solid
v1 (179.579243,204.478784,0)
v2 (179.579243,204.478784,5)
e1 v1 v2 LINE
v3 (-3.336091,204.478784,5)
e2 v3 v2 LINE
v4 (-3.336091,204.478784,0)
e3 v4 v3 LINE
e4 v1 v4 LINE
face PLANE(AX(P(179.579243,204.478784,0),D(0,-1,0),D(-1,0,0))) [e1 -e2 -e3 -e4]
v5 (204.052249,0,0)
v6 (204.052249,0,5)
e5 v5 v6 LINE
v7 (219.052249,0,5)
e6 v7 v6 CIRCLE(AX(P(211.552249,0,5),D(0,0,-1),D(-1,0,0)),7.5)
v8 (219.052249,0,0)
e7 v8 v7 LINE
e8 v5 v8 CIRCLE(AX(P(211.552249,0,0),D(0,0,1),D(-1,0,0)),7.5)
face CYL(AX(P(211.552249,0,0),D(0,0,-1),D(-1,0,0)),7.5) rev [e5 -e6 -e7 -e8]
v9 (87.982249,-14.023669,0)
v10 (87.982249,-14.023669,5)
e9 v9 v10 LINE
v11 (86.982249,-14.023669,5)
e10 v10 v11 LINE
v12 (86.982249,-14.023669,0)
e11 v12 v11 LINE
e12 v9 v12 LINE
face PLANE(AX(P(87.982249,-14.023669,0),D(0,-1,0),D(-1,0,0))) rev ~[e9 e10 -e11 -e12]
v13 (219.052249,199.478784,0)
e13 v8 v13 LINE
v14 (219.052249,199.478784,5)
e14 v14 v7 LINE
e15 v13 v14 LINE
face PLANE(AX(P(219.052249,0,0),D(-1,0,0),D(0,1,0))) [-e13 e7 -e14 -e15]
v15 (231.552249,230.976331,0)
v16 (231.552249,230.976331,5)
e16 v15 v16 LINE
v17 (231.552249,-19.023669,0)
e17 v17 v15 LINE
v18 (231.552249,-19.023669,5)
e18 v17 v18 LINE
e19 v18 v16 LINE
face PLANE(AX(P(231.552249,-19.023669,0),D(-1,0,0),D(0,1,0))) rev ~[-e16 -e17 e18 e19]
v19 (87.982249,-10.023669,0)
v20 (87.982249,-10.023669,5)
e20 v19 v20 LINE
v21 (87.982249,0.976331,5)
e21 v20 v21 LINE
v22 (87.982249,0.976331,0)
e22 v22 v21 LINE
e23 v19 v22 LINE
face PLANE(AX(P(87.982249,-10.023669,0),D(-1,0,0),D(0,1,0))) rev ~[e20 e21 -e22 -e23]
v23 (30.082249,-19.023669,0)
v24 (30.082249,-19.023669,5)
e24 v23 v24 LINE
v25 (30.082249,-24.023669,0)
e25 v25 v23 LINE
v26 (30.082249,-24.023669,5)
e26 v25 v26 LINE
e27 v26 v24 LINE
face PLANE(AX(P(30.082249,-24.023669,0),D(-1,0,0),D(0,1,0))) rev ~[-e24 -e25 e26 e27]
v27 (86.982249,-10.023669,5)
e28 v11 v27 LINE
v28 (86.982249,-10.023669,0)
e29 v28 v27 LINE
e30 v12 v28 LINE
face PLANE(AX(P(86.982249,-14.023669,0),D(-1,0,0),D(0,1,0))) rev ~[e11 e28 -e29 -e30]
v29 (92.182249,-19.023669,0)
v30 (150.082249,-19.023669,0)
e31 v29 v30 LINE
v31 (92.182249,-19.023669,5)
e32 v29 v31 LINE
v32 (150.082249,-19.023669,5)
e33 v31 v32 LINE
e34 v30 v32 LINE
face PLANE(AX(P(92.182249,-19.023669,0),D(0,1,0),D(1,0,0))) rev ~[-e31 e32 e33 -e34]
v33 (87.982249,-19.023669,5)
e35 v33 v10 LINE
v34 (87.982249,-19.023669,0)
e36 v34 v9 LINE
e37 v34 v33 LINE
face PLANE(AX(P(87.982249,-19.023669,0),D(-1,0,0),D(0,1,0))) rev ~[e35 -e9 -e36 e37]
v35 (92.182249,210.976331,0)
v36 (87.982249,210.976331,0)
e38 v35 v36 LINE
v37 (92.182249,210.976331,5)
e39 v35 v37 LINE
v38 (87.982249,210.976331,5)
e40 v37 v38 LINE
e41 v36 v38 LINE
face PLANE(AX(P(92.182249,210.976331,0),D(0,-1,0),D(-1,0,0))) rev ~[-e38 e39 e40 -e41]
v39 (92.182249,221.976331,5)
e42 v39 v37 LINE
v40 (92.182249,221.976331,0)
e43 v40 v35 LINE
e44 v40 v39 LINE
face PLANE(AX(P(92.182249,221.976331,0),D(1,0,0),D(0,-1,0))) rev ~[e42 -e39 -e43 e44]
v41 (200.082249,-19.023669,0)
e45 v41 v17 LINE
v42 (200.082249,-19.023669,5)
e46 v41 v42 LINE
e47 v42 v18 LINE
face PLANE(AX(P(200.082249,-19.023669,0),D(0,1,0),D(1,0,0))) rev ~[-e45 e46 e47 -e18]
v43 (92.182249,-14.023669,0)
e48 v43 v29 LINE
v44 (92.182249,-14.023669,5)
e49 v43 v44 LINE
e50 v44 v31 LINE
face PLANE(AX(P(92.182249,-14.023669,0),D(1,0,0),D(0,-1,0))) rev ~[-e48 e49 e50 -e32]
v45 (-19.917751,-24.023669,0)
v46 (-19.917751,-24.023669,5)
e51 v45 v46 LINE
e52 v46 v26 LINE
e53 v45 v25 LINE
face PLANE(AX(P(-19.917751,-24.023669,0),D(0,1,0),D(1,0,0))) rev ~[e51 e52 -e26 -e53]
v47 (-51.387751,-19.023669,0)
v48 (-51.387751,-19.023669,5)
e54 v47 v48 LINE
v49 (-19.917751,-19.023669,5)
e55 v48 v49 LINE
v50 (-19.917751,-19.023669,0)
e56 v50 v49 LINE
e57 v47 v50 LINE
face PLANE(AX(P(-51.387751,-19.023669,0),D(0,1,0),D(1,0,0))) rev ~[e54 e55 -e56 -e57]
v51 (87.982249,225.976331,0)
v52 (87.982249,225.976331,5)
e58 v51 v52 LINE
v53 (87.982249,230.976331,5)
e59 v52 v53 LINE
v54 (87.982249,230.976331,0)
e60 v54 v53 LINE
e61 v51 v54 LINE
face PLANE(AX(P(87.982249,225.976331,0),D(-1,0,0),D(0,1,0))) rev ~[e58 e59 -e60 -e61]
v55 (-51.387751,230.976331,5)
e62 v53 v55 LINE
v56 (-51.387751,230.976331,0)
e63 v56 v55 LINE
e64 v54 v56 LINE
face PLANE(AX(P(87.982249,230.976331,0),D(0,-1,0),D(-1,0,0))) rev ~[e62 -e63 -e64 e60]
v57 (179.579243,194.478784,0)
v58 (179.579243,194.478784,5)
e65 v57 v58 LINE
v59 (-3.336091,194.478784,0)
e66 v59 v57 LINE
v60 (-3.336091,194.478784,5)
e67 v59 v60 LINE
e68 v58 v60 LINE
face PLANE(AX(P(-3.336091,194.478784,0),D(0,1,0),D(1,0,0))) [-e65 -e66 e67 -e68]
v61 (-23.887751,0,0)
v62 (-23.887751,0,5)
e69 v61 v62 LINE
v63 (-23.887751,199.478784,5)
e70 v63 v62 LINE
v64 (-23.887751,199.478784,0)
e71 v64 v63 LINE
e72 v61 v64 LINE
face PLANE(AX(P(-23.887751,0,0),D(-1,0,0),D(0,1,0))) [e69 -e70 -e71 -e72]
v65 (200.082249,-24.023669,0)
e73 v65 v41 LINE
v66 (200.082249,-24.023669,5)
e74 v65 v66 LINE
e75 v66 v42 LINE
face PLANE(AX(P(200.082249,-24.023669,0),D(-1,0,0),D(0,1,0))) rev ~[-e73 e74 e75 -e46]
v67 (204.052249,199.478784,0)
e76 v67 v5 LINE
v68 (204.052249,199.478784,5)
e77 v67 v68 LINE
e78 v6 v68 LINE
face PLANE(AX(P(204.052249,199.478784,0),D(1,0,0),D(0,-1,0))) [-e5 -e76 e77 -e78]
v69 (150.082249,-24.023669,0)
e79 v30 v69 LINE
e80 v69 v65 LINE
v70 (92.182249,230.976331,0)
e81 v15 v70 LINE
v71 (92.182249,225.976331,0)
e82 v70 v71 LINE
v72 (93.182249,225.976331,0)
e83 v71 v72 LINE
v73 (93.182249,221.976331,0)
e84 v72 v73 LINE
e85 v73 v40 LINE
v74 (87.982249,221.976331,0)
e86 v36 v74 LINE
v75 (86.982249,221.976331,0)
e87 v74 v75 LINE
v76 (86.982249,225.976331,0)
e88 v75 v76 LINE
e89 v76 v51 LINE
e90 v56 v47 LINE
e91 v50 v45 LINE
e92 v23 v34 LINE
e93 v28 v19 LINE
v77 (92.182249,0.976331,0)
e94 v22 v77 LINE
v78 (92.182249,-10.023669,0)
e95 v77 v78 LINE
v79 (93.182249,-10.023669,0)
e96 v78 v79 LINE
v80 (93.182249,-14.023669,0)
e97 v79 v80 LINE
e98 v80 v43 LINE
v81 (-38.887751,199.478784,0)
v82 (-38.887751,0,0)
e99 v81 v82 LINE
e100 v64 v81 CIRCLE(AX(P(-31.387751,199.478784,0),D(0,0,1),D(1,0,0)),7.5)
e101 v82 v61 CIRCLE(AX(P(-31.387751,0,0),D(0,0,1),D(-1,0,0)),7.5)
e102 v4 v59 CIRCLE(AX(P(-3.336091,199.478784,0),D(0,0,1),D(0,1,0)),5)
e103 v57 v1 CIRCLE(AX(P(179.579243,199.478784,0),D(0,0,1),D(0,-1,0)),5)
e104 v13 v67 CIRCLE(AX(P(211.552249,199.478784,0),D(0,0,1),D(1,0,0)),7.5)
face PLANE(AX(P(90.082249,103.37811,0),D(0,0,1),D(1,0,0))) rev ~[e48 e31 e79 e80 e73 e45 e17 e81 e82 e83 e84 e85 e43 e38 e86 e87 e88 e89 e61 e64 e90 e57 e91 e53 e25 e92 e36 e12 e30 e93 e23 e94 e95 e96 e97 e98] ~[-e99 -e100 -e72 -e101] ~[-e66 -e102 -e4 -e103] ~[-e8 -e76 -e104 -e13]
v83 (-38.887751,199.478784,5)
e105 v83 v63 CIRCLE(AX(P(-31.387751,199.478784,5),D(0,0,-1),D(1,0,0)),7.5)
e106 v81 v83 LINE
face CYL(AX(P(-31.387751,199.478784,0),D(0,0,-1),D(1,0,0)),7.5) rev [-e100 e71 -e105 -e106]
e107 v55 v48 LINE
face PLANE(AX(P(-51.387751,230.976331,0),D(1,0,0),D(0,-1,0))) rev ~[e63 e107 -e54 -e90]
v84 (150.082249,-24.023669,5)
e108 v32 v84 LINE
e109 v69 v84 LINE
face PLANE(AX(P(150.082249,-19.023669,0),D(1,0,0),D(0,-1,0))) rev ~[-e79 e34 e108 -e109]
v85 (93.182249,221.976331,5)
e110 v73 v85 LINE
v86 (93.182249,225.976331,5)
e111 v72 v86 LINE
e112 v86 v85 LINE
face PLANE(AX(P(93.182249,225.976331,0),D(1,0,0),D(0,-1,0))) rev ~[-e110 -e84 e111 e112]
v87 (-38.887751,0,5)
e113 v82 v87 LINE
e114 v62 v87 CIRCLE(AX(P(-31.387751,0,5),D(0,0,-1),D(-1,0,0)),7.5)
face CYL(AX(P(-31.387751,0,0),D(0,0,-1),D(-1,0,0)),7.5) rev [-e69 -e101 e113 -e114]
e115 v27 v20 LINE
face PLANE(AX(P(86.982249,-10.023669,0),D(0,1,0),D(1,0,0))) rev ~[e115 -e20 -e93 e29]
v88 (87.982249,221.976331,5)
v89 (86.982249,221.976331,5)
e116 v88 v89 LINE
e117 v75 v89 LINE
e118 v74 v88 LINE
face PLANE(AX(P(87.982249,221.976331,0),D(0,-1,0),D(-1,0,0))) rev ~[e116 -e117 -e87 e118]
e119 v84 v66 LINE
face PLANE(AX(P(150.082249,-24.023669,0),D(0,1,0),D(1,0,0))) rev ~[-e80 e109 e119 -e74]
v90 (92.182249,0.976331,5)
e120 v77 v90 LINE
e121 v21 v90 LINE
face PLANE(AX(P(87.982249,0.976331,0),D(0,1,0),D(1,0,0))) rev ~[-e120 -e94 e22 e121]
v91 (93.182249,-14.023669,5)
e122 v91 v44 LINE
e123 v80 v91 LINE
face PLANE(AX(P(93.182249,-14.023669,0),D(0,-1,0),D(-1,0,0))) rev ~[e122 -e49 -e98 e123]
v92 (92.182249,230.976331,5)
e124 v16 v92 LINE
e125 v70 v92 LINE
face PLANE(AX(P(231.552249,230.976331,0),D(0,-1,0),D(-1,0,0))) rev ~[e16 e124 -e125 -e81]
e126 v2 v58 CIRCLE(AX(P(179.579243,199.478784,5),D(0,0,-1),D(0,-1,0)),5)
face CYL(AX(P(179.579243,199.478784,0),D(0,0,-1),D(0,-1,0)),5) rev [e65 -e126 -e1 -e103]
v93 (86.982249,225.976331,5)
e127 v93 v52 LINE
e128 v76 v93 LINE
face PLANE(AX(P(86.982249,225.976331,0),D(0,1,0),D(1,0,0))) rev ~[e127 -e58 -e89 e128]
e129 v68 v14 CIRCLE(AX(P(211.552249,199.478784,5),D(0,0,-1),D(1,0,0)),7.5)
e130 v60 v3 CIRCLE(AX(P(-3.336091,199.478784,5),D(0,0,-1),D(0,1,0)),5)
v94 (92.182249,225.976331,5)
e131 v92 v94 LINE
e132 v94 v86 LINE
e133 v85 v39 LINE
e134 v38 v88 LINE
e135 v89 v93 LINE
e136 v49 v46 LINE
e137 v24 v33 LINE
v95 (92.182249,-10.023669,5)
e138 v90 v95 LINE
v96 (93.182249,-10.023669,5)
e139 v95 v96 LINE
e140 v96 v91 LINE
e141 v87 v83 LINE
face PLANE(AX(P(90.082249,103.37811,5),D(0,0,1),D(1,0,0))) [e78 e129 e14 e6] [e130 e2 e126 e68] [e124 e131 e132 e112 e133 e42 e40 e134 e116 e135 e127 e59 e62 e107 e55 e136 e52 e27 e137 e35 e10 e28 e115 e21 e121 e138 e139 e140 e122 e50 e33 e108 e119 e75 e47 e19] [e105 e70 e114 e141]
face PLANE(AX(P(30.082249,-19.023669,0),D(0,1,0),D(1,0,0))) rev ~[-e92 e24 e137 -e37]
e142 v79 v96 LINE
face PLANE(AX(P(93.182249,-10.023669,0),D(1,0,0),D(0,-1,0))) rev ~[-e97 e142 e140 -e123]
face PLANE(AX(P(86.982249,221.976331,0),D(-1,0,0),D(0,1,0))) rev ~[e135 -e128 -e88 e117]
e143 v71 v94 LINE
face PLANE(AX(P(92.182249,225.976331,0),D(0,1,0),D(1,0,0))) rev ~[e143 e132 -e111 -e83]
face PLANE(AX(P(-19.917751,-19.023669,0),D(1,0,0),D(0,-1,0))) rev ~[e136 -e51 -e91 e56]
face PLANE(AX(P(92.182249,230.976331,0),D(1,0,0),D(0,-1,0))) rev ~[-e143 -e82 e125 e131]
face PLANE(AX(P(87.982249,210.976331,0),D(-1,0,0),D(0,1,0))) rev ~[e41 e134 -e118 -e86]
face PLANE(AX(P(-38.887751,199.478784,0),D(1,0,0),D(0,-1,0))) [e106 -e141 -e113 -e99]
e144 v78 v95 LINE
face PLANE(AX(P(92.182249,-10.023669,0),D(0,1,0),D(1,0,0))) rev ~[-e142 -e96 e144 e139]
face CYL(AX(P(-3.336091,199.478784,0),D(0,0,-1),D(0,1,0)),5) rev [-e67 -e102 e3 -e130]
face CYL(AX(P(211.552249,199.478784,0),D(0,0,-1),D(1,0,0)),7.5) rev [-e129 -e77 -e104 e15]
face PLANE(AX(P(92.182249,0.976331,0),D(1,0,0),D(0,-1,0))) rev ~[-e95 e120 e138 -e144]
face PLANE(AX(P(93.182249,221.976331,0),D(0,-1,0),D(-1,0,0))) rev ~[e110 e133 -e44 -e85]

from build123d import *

# Parameters (mm, degrees)
BOSS_EXTRU_1_DEPTH      = 5
ENL_V_MAT_EXTRU_1_DEPTH = 328.095566225


with BuildPart() as part:
    # Esquisse1 → Boss.-Extru.1 (new body)
    with BuildSketch(Plane.XY):
        Polygon((-51.387751479, -19.023668639), (-19.917751479, -19.023668639), (-19.917751479, -24.023668639), (30.082248521, -24.023668639), (30.082248521, -19.023668639), (87.982248521, -19.023668639), (87.982248521, -14.023668639), (86.982248521, -14.023668639), (86.982248521, -10.023668639), (87.982248521, -10.023668639), (87.982248521, 0.976331361), (92.182248521, 0.976331361), (92.182248521, -10.023668639), (93.182248521, -10.023668639), (93.182248521, -14.023668639), (92.182248521, -14.023668639), (92.182248521, -19.023668639), (150.082248521, -19.023668639), (150.082248521, -24.023668639), (200.082248521, -24.023668639), (200.082248521, -19.023668639), (231.552248521, -19.023668639), (231.552248521, 230.976331361), (200.082248521, 230.976331361), (150.082248521, 230.976331361), (92.182248521, 230.976331361), (92.182248521, 225.976331361), (93.182248521, 225.976331361), (93.182248521, 221.976331361), (92.182248521, 221.976331361), (92.182248521, 210.976331361), (87.982248521, 210.976331361), (87.982248521, 221.976331361), (86.982248521, 221.976331361), (86.982248521, 225.976331361), (87.982248521, 225.976331361), (87.982248521, 230.976331361), (30.082248521, 230.976331361), (-19.917751479, 230.976331361), (-51.387751479, 230.976331361), align=None)
    extrude(amount=BOSS_EXTRU_1_DEPTH)

    # Esquisse2 → Enlèv. mat.-Extru.1 (cut, through all)
    with BuildSketch(Plane(origin=(0, 0, 0), x_dir=(-1, 0, 0), z_dir=(0, 0, -1))):
        with BuildLine():
            Line((-204.052248521, 199.47878379), (-204.052248521, 0))
            ThreePointArc((-204.052248521, 0), (-211.552248521, -7.5), (-219.052248521, 0))
            Line((-219.052248521, 0), (-219.052248521, 199.47878379))
            ThreePointArc((-219.052248521, 199.47878379), (-211.552248521, 206.97878379), (-204.052248521, 199.47878379))
        make_face()
        with BuildLine():
            Line((-179.579242919, 204.47878379), (3.336091455, 204.47878379))
            ThreePointArc((3.336091455, 204.47878379), (8.336091455, 199.47878379), (3.336091455, 194.47878379))
            Line((3.336091455, 194.47878379), (-179.579242919, 194.47878379))
            ThreePointArc((-179.579242919, 194.47878379), (-184.579242919, 199.47878379), (-179.579242919, 204.47878379))
        make_face()
        with BuildLine():
            Line((38.887751479, 199.47878379), (38.887751479, 0))
            ThreePointArc((38.887751479, 0), (31.387751479, -7.5), (23.887751479, 0))
            Line((23.887751479, 0), (23.887751479, 199.47878379))
            ThreePointArc((23.887751479, 199.47878379), (31.387751479, 206.97878379), (38.887751479, 199.47878379))
        make_face()
    extrude(amount=-ENL_V_MAT_EXTRU_1_DEPTH, mode=Mode.SUBTRACT)


solid = part.part
